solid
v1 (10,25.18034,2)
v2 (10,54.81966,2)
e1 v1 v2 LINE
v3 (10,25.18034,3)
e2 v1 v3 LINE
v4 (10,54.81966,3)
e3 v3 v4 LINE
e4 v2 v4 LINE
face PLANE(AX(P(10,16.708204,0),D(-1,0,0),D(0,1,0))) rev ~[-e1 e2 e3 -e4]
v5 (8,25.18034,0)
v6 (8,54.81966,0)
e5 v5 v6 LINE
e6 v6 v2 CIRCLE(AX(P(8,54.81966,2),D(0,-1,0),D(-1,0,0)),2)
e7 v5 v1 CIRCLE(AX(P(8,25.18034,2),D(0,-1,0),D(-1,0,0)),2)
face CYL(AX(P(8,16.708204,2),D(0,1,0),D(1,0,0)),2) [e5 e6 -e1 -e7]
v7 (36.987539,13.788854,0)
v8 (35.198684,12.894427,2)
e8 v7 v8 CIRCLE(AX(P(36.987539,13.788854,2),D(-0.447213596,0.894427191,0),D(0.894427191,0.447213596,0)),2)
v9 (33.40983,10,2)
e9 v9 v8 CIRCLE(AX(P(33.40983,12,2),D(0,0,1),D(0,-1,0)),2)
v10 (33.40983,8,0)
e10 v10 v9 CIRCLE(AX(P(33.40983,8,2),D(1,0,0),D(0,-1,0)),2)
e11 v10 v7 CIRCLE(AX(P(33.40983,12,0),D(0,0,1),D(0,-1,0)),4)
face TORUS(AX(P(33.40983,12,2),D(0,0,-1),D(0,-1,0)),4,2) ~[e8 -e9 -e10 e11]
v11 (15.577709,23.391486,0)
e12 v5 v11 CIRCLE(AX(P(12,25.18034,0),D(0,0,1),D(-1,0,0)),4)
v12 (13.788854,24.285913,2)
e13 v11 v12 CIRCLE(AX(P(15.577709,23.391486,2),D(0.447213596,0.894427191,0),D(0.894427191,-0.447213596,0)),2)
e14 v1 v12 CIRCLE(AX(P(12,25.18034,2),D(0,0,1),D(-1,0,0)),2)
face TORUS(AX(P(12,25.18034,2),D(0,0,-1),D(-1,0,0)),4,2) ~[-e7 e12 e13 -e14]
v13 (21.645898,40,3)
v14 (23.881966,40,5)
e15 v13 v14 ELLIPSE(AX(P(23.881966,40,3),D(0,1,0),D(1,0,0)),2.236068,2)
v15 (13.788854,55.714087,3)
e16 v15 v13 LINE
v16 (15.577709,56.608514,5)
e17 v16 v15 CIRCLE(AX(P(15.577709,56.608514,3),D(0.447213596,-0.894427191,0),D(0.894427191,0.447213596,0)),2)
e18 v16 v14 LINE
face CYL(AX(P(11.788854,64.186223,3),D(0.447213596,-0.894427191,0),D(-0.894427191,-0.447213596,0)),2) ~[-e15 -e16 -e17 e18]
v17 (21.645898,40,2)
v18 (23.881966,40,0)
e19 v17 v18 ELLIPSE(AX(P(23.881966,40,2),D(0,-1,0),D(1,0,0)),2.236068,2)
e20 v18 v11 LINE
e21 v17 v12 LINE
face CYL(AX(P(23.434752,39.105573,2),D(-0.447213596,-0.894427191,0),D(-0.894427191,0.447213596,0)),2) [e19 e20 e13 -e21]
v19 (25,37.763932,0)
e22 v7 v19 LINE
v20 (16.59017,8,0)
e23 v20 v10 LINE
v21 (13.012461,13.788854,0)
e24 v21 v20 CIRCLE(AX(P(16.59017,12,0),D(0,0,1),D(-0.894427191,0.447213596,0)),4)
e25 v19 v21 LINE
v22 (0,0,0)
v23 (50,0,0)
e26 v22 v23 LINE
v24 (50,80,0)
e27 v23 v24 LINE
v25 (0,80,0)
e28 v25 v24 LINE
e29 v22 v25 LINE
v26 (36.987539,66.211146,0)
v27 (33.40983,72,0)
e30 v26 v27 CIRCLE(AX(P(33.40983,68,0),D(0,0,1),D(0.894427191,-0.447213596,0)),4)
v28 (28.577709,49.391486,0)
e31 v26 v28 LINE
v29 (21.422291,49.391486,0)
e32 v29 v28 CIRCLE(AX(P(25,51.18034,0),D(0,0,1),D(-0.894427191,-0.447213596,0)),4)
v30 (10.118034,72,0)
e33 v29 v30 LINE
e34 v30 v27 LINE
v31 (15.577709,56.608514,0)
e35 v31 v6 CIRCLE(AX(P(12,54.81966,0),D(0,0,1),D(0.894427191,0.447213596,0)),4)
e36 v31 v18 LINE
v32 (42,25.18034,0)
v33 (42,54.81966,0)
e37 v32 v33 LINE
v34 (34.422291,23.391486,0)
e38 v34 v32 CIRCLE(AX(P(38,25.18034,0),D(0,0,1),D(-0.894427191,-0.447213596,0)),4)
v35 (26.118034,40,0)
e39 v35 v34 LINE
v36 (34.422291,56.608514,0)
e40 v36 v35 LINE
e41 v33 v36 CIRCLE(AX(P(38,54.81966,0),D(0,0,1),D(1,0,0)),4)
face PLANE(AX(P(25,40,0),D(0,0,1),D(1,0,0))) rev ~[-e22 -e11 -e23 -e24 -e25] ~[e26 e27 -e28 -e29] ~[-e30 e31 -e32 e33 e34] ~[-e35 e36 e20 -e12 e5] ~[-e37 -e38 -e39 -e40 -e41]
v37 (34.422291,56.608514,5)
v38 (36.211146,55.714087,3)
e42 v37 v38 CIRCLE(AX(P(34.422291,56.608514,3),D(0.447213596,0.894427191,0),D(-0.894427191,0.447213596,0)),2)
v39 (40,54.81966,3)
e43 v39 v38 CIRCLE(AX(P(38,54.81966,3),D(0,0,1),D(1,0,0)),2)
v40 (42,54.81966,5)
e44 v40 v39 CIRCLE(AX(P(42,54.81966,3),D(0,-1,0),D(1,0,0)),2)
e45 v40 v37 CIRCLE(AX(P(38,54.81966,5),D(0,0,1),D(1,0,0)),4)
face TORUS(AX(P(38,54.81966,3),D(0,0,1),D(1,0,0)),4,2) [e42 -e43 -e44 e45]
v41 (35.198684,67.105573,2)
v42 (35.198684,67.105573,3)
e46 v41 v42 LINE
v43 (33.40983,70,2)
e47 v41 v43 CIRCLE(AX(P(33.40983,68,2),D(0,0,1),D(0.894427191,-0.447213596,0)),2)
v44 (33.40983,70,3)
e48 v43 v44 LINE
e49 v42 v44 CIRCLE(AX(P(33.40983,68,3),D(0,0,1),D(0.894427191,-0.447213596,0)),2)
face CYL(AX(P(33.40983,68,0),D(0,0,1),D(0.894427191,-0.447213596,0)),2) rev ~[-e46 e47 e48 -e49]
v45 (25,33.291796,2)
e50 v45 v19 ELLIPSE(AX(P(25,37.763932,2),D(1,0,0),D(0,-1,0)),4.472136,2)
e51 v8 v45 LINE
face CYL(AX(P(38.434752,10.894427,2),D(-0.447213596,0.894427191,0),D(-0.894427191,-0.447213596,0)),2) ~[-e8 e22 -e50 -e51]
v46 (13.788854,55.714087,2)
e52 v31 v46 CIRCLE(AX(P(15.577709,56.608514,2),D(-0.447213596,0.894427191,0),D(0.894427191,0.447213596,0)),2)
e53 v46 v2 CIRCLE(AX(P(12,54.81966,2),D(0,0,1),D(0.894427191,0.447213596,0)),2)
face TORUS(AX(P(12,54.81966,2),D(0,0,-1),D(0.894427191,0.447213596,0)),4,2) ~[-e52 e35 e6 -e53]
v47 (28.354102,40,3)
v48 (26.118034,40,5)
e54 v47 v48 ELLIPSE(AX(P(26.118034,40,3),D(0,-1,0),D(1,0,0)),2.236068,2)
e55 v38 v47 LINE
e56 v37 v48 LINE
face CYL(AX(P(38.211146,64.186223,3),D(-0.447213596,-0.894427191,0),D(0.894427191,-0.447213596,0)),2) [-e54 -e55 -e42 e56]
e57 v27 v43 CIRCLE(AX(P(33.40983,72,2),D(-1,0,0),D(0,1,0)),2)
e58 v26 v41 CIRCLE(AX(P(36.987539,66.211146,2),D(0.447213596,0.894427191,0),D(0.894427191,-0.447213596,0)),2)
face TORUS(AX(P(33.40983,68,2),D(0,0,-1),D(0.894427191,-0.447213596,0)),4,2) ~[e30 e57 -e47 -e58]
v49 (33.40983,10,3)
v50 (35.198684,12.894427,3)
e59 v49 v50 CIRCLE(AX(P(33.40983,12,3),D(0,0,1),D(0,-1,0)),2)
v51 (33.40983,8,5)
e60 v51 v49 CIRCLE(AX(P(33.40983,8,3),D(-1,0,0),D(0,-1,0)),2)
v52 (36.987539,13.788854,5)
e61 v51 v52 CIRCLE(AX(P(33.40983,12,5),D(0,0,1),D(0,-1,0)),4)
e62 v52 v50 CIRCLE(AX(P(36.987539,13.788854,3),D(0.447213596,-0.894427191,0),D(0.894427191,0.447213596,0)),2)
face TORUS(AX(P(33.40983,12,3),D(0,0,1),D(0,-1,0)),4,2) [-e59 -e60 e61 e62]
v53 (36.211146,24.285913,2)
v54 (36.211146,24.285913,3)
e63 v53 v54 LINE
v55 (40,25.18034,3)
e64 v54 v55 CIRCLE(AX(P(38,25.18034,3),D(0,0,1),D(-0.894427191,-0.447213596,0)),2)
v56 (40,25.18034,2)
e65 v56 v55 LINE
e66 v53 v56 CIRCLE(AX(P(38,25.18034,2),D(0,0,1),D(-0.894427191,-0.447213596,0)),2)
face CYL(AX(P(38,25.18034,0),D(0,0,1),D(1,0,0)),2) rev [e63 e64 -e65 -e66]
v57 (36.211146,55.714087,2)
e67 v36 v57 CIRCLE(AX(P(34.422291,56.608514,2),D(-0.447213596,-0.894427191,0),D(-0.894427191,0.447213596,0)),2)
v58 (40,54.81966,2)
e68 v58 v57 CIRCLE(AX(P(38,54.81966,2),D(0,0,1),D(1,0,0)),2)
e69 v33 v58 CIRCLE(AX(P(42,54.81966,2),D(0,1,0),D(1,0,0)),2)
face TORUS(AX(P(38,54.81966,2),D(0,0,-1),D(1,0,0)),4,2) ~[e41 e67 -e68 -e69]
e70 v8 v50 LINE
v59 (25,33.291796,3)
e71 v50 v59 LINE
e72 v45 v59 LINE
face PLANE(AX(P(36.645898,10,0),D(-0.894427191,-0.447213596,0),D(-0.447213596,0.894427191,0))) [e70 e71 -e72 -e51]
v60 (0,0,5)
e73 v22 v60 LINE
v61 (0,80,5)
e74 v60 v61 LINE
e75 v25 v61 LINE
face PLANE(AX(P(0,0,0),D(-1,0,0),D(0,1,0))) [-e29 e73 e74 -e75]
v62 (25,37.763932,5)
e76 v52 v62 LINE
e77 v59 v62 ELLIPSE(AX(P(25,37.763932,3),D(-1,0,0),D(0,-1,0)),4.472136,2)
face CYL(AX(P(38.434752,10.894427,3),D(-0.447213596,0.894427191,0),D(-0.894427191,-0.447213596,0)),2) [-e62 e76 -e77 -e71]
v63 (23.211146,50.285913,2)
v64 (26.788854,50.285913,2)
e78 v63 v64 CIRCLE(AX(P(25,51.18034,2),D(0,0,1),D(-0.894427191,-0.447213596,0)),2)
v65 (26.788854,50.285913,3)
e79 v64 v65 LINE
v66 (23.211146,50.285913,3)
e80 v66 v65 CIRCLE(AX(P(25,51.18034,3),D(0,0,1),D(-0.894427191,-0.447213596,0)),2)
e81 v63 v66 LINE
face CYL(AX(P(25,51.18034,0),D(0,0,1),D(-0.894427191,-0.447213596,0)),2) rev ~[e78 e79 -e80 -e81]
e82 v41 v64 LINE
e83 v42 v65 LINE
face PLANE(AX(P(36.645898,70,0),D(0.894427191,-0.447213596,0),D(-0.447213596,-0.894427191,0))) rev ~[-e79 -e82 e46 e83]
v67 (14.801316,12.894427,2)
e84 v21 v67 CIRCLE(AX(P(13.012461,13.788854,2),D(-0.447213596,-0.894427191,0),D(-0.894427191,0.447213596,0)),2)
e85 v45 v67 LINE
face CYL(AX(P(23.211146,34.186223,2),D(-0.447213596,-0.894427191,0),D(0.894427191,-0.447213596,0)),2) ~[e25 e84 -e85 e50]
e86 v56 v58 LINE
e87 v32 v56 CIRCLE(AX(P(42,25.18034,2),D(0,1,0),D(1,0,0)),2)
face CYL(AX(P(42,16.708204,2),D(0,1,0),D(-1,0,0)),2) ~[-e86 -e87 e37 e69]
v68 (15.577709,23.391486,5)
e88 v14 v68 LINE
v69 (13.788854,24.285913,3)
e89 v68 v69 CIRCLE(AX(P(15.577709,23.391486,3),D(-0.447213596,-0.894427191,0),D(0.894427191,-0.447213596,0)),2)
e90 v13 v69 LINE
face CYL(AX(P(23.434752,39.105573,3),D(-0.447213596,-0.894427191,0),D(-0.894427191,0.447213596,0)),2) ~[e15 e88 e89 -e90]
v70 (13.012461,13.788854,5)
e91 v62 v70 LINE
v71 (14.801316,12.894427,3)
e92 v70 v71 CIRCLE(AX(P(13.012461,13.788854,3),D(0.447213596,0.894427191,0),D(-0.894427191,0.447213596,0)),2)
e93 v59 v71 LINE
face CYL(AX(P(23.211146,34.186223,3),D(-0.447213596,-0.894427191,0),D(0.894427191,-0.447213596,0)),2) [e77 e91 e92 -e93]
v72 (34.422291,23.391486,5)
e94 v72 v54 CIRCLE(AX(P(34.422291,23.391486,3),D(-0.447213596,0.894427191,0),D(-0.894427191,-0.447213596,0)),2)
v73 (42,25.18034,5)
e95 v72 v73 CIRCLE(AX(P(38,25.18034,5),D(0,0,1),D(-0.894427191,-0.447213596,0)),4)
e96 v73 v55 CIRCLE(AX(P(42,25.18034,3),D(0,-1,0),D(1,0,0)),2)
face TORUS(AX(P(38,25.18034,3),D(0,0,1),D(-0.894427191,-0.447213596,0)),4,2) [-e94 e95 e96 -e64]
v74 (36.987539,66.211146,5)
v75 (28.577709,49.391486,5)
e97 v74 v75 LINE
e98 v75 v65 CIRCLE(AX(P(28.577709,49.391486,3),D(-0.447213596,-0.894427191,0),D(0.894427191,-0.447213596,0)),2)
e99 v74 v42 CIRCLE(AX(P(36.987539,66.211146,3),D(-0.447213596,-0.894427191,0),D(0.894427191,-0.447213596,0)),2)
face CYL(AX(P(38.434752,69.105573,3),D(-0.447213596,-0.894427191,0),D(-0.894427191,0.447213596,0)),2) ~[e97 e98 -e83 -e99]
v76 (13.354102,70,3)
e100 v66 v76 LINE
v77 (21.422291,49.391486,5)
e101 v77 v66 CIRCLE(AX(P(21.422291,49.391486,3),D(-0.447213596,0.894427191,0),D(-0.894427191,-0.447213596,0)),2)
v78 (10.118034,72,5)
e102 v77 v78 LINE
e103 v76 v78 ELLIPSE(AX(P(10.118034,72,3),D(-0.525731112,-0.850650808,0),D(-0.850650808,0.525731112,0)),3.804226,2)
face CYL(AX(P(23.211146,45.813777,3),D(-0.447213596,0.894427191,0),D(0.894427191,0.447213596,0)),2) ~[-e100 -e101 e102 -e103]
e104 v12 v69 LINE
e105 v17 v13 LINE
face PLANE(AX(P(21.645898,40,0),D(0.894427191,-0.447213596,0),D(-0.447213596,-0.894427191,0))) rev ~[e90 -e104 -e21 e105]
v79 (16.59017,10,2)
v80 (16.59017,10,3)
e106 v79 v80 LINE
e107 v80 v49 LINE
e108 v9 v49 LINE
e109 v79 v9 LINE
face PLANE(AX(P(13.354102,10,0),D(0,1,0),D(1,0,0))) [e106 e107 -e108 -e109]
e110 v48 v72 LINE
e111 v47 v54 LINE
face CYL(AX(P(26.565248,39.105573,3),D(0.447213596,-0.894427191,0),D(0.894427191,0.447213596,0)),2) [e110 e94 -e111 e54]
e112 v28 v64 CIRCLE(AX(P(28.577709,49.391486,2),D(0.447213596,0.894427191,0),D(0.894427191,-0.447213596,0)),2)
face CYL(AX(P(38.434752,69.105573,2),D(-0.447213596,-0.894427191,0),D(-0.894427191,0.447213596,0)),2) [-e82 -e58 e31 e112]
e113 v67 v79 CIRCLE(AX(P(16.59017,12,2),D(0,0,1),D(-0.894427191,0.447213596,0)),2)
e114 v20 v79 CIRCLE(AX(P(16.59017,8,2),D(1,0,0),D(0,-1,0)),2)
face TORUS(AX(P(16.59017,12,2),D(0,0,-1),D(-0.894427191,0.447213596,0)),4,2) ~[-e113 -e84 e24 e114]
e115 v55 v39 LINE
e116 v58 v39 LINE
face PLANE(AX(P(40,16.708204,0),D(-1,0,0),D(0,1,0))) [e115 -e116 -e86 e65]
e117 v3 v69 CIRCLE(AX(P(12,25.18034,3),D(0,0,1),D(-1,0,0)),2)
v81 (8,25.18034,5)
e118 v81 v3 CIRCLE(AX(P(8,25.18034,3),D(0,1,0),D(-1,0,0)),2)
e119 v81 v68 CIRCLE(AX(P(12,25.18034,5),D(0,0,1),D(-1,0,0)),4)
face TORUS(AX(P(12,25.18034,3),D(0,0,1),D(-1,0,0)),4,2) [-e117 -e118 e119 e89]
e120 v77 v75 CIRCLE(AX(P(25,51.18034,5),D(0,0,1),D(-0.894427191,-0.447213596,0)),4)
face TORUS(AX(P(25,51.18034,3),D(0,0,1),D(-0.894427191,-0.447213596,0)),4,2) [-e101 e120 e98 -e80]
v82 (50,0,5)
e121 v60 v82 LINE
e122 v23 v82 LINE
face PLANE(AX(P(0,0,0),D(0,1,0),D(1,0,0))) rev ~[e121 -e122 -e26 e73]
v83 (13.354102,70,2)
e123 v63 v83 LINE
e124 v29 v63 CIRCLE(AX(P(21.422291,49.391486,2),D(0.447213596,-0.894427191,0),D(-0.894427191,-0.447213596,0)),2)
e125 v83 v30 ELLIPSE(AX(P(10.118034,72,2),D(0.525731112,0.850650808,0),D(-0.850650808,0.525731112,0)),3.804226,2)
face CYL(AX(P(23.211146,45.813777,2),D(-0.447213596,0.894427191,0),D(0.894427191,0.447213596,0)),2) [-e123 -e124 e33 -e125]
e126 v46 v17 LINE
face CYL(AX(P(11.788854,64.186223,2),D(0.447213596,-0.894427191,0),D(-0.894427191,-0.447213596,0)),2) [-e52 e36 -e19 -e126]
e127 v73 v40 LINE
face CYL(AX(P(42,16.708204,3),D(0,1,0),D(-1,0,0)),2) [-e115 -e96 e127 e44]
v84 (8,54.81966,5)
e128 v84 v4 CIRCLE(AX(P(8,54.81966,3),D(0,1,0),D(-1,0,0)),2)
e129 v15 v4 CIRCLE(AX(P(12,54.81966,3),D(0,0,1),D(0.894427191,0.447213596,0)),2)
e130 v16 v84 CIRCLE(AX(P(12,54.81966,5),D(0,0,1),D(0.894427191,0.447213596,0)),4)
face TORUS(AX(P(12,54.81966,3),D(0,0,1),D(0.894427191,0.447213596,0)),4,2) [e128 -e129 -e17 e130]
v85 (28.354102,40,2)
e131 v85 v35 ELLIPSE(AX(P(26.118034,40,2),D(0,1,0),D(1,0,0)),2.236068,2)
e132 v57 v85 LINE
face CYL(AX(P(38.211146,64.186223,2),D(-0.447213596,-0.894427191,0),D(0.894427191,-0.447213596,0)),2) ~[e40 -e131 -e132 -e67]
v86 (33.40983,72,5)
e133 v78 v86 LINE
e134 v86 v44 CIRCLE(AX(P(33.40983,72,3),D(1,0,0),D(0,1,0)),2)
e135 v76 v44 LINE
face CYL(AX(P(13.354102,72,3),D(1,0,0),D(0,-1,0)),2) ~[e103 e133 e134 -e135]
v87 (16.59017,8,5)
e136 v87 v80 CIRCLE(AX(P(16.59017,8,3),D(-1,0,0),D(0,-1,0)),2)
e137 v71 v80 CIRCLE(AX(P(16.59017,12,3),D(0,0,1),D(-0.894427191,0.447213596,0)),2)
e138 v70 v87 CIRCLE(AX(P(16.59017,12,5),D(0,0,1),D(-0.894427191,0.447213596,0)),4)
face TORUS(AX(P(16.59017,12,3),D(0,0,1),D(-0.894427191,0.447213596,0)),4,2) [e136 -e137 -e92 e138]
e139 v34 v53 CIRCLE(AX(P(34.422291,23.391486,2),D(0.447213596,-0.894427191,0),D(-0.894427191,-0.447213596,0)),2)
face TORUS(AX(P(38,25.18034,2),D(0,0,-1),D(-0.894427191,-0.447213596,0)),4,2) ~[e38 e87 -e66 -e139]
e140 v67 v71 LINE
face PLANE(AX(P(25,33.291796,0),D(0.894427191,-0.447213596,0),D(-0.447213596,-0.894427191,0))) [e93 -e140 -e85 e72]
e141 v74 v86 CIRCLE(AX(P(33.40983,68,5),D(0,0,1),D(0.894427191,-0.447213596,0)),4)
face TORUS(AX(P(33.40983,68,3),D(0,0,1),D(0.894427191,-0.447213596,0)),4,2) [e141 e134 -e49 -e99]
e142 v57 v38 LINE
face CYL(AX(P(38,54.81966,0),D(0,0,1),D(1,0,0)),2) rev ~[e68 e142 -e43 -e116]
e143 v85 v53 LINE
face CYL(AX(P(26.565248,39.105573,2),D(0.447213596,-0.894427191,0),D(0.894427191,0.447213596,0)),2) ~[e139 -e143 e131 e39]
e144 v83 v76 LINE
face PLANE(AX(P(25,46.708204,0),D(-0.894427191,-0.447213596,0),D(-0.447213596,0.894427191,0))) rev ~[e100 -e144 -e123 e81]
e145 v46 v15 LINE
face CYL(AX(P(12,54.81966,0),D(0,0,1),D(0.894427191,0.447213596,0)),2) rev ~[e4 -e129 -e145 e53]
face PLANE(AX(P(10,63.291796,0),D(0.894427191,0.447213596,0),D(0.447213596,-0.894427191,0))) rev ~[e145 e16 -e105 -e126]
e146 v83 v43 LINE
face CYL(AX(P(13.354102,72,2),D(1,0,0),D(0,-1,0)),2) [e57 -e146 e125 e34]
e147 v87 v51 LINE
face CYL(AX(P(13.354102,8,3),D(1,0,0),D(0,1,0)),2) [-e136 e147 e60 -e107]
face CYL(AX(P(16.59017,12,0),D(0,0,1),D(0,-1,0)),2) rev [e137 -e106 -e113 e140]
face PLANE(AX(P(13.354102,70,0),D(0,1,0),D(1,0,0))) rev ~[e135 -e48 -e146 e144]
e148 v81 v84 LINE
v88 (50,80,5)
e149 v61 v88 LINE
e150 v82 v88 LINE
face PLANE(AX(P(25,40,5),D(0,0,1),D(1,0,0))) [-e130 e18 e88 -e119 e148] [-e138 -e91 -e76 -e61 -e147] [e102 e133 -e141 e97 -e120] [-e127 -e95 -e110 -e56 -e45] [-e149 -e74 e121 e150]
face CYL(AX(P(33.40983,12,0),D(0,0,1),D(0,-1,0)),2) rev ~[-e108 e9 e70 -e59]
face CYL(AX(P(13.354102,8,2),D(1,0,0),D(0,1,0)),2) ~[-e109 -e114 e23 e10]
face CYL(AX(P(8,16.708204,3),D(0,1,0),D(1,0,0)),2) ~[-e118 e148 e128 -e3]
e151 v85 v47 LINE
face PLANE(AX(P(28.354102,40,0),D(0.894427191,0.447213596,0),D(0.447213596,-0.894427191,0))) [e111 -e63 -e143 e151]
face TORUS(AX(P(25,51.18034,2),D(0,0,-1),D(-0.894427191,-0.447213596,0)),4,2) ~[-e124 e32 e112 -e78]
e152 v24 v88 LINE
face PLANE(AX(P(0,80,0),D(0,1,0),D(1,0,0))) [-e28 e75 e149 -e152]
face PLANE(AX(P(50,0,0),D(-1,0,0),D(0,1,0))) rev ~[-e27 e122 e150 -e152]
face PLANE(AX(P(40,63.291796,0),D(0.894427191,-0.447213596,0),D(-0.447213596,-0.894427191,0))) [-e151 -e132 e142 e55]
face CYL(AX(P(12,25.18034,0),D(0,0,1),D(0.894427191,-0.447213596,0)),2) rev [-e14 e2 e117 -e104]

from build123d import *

# Parameters (mm, degrees)
SKETCH1_W           = 50
SKETCH1_H           = 80
BOSS_EXTRUDE1_DEPTH = 5
FILLET1_R           = 2


with BuildPart() as part:
    # Sketch1 → Boss-Extrude1 (new body)
    with BuildSketch(Plane.XY):
        with Locations((25, 40)):
            Rectangle(SKETCH1_W, SKETCH1_H)
        Polygon((10, 16.708203932), (10, 63.291796068), (21.645898034, 40), align=None, mode=Mode.SUBTRACT)
        Polygon((13.354101966, 70), (36.645898034, 70), (25, 46.708203932), align=None, mode=Mode.SUBTRACT)
        Polygon((40, 16.708203932), (40, 63.291796068), (28.354101966, 40), align=None, mode=Mode.SUBTRACT)
        Polygon((13.354101966, 10), (36.645898034, 10), (25, 33.291796068), align=None, mode=Mode.SUBTRACT)
    extrude(amount=BOSS_EXTRUDE1_DEPTH)

    # Fillet1
    fillet1_edges = [part.edges().sort_by_distance(p)[0] for p in [
        (15.822949017, 51.645898034, 0),
        (10, 40, 0),
        (10, 63.291796068, 2.5),
        (15.822949017, 28.354101966, 0),
        (10, 16.708203932, 2.5),
        (15.822949017, 51.645898034, 5),
        (10, 40, 5),
        (15.822949017, 28.354101966, 5),
        (19.177050983, 58.354101966, 0),
        (30.822949017, 58.354101966, 0),
        (25, 46.708203932, 2.5),
        (25, 70, 0),
        (36.645898034, 70, 2.5),
        (19.177050983, 58.354101966, 5),
        (30.822949017, 58.354101966, 5),
        (25, 70, 5),
        (19.177050983, 21.645898034, 0),
        (25, 10, 0),
        (13.354101966, 10, 2.5),
        (30.822949017, 21.645898034, 0),
        (36.645898034, 10, 2.5),
        (19.177050983, 21.645898034, 5),
        (25, 10, 5),
        (30.822949017, 21.645898034, 5),
        (34.177050983, 28.354101966, 0),
        (40, 40, 0),
        (40, 16.708203932, 2.5),
        (34.177050983, 51.645898034, 0),
        (40, 63.291796068, 2.5),
        (34.177050983, 28.354101966, 5),
        (40, 40, 5),
        (34.177050983, 51.645898034, 5),
    ]]
    fillet(fillet1_edges, radius=FILLET1_R)


solid = part.part
